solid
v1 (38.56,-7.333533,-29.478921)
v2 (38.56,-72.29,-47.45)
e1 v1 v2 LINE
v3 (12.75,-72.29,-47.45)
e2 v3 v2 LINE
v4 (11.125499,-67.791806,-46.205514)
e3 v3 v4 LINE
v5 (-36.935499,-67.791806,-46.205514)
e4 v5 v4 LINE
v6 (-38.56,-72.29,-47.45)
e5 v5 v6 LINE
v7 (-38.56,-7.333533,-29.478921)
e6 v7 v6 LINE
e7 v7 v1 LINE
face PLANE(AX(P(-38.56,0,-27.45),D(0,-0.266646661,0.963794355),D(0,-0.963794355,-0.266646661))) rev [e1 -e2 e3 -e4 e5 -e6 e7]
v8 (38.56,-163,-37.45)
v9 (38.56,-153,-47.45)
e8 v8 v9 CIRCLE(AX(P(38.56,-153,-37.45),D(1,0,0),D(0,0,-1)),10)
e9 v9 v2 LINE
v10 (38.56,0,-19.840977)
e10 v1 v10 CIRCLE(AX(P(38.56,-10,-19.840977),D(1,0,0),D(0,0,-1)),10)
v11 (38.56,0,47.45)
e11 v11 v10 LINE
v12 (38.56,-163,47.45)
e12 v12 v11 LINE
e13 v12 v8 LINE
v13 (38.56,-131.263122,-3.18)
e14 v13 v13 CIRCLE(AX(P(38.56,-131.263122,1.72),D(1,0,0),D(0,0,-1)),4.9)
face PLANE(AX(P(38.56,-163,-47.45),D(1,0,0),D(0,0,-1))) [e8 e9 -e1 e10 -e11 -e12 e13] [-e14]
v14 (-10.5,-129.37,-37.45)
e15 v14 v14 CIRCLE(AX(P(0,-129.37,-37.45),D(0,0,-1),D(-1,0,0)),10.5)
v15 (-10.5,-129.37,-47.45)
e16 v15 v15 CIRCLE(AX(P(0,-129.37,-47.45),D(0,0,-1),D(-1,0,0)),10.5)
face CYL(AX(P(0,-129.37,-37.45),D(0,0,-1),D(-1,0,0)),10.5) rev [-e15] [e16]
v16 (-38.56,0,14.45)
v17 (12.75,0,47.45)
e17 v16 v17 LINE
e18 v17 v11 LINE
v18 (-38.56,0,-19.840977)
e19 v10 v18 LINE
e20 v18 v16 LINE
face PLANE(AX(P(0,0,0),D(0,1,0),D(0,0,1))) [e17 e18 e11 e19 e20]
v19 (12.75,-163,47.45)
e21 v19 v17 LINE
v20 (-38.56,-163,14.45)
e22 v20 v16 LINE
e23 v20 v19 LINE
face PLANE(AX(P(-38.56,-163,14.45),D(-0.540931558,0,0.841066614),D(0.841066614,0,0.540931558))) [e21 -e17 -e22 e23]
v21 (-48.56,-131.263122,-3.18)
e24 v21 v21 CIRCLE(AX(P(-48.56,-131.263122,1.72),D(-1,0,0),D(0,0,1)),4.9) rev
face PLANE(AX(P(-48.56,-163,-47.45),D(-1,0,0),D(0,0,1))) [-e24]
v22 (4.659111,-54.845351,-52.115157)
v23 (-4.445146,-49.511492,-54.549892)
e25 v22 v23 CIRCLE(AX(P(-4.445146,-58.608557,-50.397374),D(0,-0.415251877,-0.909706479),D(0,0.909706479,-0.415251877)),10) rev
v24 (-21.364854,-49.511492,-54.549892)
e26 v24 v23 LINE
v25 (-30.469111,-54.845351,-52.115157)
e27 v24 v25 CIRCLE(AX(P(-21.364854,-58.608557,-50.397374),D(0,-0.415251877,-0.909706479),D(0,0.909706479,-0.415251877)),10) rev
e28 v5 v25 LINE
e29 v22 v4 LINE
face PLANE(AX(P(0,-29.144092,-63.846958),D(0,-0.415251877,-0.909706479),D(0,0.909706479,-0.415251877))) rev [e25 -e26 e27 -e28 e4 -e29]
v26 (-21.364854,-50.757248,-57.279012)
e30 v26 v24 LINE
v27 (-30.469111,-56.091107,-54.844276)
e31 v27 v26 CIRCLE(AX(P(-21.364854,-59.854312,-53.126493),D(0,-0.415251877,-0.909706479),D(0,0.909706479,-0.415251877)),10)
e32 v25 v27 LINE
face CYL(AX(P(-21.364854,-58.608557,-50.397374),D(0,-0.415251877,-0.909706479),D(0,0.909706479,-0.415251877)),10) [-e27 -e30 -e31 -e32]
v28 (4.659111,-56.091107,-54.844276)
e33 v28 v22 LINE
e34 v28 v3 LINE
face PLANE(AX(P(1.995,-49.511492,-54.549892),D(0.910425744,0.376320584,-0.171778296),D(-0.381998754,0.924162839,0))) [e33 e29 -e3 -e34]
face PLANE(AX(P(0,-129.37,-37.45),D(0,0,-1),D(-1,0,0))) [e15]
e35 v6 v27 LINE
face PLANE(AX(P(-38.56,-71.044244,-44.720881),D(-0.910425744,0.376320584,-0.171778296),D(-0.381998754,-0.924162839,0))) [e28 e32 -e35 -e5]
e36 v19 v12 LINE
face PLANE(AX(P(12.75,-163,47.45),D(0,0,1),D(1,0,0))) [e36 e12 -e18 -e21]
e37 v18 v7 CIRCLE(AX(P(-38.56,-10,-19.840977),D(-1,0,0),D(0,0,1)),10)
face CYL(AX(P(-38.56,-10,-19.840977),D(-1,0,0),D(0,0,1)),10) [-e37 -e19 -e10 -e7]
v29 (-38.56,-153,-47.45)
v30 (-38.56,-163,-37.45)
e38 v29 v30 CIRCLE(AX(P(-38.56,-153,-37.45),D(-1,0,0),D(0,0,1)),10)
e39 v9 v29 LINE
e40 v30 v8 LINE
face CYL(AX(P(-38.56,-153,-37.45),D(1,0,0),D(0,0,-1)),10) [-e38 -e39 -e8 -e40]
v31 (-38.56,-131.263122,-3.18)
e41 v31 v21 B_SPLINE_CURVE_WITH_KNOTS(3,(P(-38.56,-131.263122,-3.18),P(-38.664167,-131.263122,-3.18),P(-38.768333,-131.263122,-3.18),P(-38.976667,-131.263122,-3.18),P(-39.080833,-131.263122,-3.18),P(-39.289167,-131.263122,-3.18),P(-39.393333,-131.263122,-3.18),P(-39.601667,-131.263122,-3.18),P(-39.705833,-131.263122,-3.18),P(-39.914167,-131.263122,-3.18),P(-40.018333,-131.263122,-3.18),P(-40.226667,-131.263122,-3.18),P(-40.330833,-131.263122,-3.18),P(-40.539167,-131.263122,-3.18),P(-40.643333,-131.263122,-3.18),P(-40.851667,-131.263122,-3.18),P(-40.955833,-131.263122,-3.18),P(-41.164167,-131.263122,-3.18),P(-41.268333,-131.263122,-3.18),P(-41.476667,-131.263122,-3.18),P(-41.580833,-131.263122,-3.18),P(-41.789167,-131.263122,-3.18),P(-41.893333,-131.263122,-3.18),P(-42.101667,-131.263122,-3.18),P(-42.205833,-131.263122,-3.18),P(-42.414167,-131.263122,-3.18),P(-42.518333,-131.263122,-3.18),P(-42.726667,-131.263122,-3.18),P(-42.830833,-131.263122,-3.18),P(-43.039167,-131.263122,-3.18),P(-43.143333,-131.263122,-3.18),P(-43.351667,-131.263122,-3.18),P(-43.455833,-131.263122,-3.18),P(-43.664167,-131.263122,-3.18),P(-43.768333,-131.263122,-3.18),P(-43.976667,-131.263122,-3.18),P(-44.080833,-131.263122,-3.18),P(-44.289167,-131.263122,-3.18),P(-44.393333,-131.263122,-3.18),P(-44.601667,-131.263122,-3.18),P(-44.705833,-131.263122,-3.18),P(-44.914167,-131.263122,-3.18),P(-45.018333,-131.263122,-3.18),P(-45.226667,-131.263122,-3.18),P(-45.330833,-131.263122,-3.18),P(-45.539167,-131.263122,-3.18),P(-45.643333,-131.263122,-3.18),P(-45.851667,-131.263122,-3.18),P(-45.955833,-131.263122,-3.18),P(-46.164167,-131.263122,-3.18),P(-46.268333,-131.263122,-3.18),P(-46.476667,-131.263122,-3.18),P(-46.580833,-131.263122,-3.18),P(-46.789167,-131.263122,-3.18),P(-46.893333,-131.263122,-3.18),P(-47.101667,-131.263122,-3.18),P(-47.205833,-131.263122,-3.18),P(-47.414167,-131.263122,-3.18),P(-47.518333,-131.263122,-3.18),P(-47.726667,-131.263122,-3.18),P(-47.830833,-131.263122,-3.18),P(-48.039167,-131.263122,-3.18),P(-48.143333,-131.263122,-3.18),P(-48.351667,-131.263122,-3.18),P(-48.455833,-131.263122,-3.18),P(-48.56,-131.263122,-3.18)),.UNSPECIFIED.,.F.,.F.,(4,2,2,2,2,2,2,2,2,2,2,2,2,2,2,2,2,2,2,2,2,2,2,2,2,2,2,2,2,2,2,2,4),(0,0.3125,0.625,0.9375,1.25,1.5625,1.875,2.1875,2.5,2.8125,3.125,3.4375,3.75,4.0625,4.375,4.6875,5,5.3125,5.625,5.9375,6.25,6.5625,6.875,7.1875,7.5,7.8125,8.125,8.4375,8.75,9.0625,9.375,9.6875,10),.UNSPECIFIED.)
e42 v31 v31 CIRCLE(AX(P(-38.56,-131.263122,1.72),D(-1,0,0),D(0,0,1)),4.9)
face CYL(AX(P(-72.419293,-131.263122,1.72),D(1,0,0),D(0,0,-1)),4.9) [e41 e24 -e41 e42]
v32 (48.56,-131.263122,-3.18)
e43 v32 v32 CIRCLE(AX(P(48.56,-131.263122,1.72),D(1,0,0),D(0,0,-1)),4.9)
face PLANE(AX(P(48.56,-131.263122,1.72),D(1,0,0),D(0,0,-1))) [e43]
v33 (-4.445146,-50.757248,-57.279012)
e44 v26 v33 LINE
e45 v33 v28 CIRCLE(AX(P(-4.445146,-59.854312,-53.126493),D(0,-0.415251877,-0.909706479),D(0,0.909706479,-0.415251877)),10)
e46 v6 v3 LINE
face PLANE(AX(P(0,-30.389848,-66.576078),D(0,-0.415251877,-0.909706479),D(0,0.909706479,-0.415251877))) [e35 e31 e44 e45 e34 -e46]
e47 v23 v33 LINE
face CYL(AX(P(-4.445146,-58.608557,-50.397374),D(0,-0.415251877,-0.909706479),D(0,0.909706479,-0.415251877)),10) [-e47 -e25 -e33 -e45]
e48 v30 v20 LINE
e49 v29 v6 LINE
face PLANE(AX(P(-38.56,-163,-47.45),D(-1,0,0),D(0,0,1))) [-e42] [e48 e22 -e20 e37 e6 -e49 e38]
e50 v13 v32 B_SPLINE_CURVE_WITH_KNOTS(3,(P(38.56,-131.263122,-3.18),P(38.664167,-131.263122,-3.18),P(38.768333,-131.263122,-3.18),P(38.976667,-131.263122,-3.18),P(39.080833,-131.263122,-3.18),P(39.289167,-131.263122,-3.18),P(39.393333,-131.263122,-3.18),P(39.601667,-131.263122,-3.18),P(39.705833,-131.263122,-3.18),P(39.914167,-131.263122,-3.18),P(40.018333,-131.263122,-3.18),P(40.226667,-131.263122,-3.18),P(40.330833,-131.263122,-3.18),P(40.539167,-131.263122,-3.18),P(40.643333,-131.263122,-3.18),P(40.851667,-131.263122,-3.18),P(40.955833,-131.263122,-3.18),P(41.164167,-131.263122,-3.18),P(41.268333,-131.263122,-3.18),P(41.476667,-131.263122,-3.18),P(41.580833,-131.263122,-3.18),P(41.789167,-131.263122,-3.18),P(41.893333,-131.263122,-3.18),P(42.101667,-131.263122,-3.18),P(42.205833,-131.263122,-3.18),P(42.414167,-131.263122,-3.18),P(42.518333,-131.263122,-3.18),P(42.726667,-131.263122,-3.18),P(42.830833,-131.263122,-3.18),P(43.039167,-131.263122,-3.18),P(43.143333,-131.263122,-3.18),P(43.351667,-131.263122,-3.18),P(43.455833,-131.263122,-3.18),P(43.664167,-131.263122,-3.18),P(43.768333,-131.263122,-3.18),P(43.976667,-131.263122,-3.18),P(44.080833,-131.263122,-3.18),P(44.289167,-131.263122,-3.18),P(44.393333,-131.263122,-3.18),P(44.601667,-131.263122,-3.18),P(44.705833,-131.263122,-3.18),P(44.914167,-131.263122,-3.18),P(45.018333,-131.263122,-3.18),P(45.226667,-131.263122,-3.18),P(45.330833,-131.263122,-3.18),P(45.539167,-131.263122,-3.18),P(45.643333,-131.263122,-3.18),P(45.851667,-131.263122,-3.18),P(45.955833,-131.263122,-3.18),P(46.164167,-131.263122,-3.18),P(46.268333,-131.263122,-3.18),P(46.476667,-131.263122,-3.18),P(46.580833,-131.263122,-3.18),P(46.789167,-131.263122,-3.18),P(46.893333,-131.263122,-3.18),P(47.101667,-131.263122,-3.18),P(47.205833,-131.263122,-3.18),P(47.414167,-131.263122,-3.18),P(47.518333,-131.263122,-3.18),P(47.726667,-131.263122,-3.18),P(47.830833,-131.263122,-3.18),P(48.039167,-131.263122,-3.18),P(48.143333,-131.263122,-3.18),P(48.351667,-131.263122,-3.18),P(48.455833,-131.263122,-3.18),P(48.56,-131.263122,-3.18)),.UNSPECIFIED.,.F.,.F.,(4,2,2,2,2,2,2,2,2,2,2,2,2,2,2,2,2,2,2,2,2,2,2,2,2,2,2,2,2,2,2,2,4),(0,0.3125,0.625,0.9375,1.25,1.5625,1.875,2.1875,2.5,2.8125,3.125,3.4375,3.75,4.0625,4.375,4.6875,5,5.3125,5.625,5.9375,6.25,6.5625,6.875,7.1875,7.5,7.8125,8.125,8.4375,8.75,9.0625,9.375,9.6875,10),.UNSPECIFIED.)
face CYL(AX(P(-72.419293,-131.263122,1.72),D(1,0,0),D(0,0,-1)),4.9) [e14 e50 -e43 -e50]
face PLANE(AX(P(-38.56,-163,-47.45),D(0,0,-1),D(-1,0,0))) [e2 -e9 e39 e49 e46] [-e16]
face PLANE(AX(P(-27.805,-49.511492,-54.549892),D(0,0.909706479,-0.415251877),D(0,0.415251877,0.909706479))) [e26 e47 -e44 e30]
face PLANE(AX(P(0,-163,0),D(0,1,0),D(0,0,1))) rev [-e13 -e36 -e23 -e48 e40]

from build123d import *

# Parameters (mm, degrees)
BOSS_EXTRUDE1_DEPTH      = 163
CUT_EXTRUDE2_DEPTH       = 187.46178402
BOSS_EXTRUDE2_DEPTH      = 3
FILLET5_R                = 10
BOSS_EXTRUDE3_DEPTH      = 10
BOSS_EXTRUDE3_DEPTH_BACK = 87.12
SKETCH14_R               = 4.9
SKETCH15_R               = 10.5
CUT_EXTRUDE6_DEPTH       = 10


with BuildPart() as part:
    # Sketch2 → Boss-Extrude1 (new body)
    with BuildSketch(Plane(origin=(0, 0, 0), x_dir=(1, 0, 0), z_dir=(0, 1, 0))):
        Polygon((-38.56, 47.45), (38.56, 47.45), (38.56, -47.45), (12.75, -47.45), (-38.56, -14.45), align=None)
    extrude(amount=-BOSS_EXTRUDE1_DEPTH)

    # Sketch4 → Cut-Extrude2 (cut, through all)
    with BuildSketch(Plane(origin=(38.56, 0, 0), x_dir=(0, 0, -1), z_dir=(1, 0, 0))):
        Polygon((47.45, 0), (27.45, 0), (47.45, -72.29), align=None)
    extrude(amount=-CUT_EXTRUDE2_DEPTH, mode=Mode.SUBTRACT)

    # Sketch13 → Boss-Extrude2 (add)
    with BuildSketch(Plane(origin=(0, -30.389847605, -66.576077827), x_dir=(-1, 0, 0), z_dir=(0, -0.41525187691718835, -0.909706479429905))):
        Polygon((38.56, -46.058979838), (27.805, -22.388979838), (-1.995, -22.388979838), (-12.75, -46.058979838), align=None)
    extrude(amount=-BOSS_EXTRUDE2_DEPTH)

    # Fillet5
    fillet5_edges = [part.edges().sort_by_distance(p)[0] for p in [
        (0, -163, -47.45),
        (0, 0, -27.45),
        (-27.805, -50.134369817, -55.914452207),
        (1.995, -50.134369817, -55.914452207),
    ]]
    fillet(fillet5_edges, radius=FILLET5_R)

    # Sketch14 → Boss-Extrude3 (add, two sides: drawn at the far end of the back side and taken through both)
    with BuildSketch(Plane(origin=(38.56, 0, 0), x_dir=(0, 0, -1), z_dir=(1, 0, 0)).offset(-BOSS_EXTRUDE3_DEPTH_BACK)):
        with Locations((-1.72, -131.263122253)):
            Circle(SKETCH14_R)
    extrude(amount=BOSS_EXTRUDE3_DEPTH + BOSS_EXTRUDE3_DEPTH_BACK)

    # Sketch15 → Cut-Extrude6 (cut)
    with BuildSketch(Plane(origin=(0, 0, -47.45), x_dir=(-1, 0, 0), z_dir=(0, 0, -1))):
        with Locations((0, -129.37)):
            Circle(SKETCH15_R)
    extrude(amount=-CUT_EXTRUDE6_DEPTH, mode=Mode.SUBTRACT)


solid = part.part
